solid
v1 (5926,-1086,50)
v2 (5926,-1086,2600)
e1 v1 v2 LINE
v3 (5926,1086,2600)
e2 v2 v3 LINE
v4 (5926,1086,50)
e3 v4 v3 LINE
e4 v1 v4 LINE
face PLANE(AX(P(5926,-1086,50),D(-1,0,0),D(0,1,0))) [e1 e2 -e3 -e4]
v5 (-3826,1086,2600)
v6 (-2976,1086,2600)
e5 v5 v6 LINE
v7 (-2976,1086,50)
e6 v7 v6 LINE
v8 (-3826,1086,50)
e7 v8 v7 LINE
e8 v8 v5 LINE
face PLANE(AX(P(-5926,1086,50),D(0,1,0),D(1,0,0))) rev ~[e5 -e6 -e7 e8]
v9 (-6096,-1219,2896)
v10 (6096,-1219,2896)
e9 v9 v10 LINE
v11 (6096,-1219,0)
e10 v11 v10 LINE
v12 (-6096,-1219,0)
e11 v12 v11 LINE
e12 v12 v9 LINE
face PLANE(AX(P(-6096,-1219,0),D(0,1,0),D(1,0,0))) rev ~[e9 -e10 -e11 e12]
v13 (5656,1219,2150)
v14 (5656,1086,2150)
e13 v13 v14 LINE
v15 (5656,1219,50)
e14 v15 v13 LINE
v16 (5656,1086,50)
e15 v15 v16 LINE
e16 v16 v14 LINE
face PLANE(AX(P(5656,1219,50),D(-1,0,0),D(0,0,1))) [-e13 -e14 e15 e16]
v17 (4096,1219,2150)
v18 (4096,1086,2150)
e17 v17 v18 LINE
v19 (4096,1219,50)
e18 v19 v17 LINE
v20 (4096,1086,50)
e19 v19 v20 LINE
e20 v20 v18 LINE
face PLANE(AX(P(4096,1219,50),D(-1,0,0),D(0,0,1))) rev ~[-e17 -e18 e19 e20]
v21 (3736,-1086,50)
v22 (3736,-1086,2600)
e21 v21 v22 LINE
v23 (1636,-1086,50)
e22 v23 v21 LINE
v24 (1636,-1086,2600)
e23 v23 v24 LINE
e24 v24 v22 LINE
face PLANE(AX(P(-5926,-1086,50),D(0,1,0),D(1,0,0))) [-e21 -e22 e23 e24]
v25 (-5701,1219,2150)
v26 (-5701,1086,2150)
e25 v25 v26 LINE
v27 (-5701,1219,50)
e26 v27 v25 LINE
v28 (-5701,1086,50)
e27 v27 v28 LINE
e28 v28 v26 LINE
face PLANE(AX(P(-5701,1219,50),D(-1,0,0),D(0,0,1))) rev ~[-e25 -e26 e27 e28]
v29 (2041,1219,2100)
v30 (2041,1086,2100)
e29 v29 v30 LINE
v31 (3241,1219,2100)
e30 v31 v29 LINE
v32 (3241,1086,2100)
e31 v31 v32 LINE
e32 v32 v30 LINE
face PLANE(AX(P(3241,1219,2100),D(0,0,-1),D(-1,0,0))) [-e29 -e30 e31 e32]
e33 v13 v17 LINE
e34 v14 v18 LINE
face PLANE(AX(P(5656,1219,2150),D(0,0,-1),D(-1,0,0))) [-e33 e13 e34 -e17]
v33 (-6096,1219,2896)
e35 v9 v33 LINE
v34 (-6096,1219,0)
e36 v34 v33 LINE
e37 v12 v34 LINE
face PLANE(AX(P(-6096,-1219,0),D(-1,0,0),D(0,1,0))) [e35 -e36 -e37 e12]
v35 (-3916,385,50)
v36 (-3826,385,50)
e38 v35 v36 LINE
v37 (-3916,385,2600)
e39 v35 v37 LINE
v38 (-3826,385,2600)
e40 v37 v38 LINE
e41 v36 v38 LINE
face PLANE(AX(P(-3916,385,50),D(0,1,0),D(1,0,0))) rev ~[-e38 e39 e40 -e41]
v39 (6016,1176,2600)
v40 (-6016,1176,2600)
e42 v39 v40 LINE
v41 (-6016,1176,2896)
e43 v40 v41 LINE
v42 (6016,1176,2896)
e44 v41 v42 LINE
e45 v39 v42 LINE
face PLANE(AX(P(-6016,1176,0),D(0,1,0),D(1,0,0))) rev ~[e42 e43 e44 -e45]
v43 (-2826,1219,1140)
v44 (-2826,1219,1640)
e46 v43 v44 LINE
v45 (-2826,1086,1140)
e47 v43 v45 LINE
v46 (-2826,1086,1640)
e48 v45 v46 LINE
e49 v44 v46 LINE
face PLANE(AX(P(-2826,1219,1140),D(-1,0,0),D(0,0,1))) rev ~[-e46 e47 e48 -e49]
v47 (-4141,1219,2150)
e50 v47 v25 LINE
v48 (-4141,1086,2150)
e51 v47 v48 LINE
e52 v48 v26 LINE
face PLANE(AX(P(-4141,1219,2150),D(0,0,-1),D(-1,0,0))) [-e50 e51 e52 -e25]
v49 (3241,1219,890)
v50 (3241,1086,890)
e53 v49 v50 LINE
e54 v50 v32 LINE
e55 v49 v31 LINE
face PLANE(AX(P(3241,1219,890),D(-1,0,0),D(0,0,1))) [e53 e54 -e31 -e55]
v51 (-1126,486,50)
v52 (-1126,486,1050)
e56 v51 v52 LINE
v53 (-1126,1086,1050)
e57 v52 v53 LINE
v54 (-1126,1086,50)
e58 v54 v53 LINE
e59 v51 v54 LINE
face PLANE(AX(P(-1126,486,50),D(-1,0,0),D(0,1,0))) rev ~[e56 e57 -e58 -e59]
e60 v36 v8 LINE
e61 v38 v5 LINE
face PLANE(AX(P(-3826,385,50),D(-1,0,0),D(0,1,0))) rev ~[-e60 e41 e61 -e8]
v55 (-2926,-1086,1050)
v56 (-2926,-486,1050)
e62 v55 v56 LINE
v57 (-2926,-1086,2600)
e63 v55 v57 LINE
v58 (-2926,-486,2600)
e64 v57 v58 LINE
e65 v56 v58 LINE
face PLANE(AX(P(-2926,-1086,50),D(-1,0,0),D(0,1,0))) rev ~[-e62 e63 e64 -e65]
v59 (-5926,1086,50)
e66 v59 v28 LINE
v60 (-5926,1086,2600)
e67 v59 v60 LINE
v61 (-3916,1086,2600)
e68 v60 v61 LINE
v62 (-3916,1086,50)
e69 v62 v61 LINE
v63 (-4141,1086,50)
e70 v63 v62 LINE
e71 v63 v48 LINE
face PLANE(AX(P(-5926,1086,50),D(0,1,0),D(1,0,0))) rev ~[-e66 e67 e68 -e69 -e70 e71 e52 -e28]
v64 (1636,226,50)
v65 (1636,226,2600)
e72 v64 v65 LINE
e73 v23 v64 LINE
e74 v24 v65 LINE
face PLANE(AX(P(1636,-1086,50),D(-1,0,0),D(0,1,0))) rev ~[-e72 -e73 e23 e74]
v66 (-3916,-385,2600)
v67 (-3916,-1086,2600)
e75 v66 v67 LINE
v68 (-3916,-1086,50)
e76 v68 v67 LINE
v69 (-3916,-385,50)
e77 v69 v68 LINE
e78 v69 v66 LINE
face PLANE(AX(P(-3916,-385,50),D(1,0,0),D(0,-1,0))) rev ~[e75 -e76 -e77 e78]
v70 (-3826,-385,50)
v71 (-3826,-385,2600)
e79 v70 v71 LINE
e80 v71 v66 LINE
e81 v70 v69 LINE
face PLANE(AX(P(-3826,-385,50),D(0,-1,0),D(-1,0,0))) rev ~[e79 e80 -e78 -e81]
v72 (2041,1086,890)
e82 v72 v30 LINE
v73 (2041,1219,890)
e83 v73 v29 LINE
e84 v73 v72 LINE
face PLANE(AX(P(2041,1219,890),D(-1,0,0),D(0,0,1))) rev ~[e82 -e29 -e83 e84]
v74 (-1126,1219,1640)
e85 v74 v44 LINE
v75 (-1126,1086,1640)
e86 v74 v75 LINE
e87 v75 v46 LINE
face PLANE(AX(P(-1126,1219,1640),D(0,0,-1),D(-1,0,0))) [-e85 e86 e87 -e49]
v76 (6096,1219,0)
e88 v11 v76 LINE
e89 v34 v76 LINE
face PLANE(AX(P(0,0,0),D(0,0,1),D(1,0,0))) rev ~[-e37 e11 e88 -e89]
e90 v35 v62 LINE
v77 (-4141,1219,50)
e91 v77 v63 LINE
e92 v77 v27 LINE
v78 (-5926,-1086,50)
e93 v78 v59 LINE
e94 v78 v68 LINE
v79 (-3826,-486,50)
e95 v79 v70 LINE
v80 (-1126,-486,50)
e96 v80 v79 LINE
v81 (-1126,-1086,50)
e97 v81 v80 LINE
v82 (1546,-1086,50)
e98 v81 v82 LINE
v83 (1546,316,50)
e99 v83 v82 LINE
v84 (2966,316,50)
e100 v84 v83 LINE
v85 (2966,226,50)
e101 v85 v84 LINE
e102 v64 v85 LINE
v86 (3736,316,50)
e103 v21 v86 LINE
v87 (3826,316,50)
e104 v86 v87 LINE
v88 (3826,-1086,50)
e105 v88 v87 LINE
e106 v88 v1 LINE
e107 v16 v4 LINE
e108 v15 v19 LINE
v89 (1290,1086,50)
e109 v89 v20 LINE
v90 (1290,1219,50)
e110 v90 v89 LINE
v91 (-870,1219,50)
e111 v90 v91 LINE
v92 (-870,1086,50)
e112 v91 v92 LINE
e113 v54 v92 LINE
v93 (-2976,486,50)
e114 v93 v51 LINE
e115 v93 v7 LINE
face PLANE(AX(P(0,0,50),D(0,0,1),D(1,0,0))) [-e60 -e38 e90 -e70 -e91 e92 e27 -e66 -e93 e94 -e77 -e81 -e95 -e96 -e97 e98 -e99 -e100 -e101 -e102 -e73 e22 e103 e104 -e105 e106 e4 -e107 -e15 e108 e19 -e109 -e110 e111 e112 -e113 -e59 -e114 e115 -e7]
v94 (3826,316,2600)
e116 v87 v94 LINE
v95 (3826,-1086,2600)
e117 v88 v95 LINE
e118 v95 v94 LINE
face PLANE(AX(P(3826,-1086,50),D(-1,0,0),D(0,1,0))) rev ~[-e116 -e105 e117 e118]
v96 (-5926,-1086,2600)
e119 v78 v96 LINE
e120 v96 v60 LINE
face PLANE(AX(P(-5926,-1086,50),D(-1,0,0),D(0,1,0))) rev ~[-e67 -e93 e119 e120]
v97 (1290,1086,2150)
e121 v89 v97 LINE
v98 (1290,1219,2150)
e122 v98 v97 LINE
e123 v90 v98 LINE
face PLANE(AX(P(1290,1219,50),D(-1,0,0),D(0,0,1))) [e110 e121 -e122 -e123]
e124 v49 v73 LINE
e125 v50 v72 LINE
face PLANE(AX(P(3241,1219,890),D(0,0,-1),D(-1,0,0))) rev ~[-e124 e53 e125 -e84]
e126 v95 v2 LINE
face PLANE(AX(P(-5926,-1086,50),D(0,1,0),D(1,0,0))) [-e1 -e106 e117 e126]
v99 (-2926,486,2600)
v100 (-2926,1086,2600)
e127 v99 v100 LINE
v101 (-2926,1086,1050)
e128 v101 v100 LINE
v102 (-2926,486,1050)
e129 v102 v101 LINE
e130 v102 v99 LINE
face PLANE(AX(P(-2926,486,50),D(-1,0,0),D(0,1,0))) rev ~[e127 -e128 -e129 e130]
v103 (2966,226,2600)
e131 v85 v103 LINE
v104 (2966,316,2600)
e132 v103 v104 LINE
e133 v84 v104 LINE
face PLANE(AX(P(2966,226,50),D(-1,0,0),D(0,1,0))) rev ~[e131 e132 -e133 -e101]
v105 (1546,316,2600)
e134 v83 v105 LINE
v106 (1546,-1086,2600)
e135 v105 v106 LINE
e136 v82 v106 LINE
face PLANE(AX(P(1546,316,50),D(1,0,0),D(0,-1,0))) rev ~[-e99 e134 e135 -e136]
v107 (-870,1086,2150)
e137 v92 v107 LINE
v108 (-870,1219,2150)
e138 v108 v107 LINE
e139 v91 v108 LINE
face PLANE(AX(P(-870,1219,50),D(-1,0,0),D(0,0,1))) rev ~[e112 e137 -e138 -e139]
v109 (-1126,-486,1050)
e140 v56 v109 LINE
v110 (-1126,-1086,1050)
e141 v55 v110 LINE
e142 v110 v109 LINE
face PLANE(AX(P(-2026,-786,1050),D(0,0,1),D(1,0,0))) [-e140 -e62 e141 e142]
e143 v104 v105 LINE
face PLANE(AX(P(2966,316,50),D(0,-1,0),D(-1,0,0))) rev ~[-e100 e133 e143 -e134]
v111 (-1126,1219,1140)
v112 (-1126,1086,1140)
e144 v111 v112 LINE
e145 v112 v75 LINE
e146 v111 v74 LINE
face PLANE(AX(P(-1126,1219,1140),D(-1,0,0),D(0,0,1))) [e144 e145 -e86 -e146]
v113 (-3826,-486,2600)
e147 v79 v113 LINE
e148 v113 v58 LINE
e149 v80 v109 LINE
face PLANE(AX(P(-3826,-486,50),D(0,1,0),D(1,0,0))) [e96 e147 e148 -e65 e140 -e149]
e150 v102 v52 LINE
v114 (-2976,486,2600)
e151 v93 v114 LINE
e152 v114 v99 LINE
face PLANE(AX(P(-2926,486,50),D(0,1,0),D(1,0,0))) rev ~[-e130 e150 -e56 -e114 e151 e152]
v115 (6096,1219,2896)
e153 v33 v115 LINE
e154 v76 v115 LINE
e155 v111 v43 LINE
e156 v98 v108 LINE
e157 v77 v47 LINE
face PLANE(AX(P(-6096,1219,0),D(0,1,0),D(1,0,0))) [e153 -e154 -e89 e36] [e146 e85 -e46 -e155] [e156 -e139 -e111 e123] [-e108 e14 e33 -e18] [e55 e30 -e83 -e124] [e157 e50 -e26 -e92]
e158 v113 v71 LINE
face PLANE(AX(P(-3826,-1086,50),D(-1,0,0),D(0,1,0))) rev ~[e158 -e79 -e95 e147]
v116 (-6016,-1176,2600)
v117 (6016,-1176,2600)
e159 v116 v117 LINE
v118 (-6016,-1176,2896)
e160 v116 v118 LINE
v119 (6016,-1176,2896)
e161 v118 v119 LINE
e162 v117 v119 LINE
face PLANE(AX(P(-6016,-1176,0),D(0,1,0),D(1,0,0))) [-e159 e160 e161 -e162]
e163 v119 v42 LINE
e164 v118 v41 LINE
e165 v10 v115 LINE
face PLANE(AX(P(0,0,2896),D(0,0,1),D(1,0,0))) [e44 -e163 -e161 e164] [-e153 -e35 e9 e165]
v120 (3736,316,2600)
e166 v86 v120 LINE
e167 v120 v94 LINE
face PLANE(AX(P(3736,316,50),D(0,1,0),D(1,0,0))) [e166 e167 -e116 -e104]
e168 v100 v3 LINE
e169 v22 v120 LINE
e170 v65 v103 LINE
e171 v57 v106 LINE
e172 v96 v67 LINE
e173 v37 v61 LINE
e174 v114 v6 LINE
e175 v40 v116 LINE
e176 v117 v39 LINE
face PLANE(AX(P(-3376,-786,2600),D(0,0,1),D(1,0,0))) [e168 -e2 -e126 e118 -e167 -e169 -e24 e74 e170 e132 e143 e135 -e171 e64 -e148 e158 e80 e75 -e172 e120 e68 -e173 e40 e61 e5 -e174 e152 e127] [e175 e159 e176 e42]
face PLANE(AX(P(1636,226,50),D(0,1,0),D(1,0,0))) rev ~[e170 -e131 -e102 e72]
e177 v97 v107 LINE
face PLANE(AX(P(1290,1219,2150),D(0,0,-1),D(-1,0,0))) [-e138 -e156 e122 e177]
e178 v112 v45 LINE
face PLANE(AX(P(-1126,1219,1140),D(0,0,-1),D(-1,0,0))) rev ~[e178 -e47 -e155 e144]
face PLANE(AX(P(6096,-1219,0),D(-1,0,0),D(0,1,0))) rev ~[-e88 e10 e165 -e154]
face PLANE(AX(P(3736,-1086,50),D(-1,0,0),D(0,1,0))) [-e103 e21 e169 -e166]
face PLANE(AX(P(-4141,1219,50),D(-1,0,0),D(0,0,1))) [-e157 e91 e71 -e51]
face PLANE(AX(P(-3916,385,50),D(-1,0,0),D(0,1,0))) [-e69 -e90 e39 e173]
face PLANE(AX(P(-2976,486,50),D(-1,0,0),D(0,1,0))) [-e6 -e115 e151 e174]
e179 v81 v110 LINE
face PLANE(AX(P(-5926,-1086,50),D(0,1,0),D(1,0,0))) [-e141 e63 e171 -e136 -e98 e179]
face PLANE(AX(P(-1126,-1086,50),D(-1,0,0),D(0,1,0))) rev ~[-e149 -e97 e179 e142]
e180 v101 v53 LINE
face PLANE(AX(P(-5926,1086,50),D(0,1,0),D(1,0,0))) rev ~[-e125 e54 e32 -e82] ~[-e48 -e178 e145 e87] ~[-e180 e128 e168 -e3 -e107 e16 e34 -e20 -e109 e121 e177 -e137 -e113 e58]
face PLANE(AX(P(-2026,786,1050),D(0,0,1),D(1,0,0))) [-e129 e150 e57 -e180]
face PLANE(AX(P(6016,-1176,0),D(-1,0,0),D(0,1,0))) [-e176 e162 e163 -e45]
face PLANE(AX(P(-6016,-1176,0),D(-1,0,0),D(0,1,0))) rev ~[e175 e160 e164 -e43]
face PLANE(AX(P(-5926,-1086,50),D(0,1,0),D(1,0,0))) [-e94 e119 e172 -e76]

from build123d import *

# Parameters (mm, degrees)
F0_W      = 12192
F0_H      = 2438
F0_W_2    = 12032
F0_H_2    = 2352
F1_DEPTH  = 2896
F2_DEPTH  = 50
F3_W      = 11852
F3_H      = 2172
F4_DEPTH  = 2550
F5_W      = 90
F5_H      = 701
F5_H_2    = 1402
F5_W_2    = 50
F5_H_3    = 600
F6_DEPTH  = 2550
F5_W_3    = 1800
F7_DEPTH  = 1000
F5_W_4    = 900
F8_DEPTH  = 2550
F9_W      = 2160
F9_H      = 2100
F9_W_2    = 1700
F9_H_2    = 500
F9_W_3    = 1560
F9_W_4    = 1200
F9_H_3    = 1210
F10_DEPTH = 135


with BuildPart() as f1:
    # F0 (on Top) → F1 (new body)
    with BuildSketch(Plane.XY):
        Rectangle(F0_W, F0_H)
        Rectangle(F0_W_2, F0_H_2, mode=Mode.SUBTRACT)
    extrude(amount=F1_DEPTH)

    # F0 (on Top) → F2 (join)
    with BuildSketch(Plane.XY):
        Rectangle(F0_W_2, F0_H_2)
    extrude(amount=F2_DEPTH)

    # F3 (on face) → F4 (join)
    with BuildSketch(Plane.XY.offset(50)):
        Polygon((-5926, 1176), (-6016, 1176), (-6016, -1176), (-5926, -1176), (5926, -1176), (6016, -1176), (6016, 1176), align=None)
        Rectangle(F3_W, F3_H, mode=Mode.SUBTRACT)
    extrude(amount=F4_DEPTH)

    # F5 (on face) → F6 (join)
    with BuildSketch(Plane.XY.offset(50)):
        with Locations((-3871, 735.5)):
            Rectangle(F5_W, F5_H)
        Polygon((-3916, -385), (-3916, -1086), (-3826, -1086), (-3826, -486), (-3826, -385), align=None)
        Polygon((1546, 316), (1546, -1086), (1636, -1086), (1636, 226), (2966, 226), (2966, 316), (1636, 316), align=None)
        with Locations((3781, -385)):
            Rectangle(F5_W, F5_H_2)
        with Locations((-2951, 786)):
            Rectangle(F5_W_2, F5_H_3)
    extrude(amount=F6_DEPTH)

    # F5 (on face) → F7 (join)
    with BuildSketch(Plane.XY.offset(50)):
        with Locations((-2026, -786)):
            Rectangle(F5_W_3, F5_H_3)
        with Locations((-2026, 786)):
            Rectangle(F5_W_3, F5_H_3)
    extrude(amount=F7_DEPTH)

    # F5 (on face) → F8 (join)
    with BuildSketch(Plane.XY.offset(50)):
        with Locations((-3376, -786)):
            Rectangle(F5_W_4, F5_H_3)
    extrude(amount=F8_DEPTH)

    # F9 (on face) → F10 (cut)
    with BuildSketch(Plane(origin=(0, 1219, 0), x_dir=(-1, 0, 0), z_dir=(0, 1, 0))):
        with Locations((-210, 1100)):
            Rectangle(F9_W, F9_H)
        with Locations((1976, 1390)):
            Rectangle(F9_W_2, F9_H_2)
        with Locations((-4876, 1100)):
            Rectangle(F9_W_3, F9_H)
        with Locations((4921, 1100)):
            Rectangle(F9_W_3, F9_H)
        with Locations((-2641, 1495)):
            Rectangle(F9_W_4, F9_H_3)
    extrude(amount=-F10_DEPTH, mode=Mode.SUBTRACT)


solid = f1.part
